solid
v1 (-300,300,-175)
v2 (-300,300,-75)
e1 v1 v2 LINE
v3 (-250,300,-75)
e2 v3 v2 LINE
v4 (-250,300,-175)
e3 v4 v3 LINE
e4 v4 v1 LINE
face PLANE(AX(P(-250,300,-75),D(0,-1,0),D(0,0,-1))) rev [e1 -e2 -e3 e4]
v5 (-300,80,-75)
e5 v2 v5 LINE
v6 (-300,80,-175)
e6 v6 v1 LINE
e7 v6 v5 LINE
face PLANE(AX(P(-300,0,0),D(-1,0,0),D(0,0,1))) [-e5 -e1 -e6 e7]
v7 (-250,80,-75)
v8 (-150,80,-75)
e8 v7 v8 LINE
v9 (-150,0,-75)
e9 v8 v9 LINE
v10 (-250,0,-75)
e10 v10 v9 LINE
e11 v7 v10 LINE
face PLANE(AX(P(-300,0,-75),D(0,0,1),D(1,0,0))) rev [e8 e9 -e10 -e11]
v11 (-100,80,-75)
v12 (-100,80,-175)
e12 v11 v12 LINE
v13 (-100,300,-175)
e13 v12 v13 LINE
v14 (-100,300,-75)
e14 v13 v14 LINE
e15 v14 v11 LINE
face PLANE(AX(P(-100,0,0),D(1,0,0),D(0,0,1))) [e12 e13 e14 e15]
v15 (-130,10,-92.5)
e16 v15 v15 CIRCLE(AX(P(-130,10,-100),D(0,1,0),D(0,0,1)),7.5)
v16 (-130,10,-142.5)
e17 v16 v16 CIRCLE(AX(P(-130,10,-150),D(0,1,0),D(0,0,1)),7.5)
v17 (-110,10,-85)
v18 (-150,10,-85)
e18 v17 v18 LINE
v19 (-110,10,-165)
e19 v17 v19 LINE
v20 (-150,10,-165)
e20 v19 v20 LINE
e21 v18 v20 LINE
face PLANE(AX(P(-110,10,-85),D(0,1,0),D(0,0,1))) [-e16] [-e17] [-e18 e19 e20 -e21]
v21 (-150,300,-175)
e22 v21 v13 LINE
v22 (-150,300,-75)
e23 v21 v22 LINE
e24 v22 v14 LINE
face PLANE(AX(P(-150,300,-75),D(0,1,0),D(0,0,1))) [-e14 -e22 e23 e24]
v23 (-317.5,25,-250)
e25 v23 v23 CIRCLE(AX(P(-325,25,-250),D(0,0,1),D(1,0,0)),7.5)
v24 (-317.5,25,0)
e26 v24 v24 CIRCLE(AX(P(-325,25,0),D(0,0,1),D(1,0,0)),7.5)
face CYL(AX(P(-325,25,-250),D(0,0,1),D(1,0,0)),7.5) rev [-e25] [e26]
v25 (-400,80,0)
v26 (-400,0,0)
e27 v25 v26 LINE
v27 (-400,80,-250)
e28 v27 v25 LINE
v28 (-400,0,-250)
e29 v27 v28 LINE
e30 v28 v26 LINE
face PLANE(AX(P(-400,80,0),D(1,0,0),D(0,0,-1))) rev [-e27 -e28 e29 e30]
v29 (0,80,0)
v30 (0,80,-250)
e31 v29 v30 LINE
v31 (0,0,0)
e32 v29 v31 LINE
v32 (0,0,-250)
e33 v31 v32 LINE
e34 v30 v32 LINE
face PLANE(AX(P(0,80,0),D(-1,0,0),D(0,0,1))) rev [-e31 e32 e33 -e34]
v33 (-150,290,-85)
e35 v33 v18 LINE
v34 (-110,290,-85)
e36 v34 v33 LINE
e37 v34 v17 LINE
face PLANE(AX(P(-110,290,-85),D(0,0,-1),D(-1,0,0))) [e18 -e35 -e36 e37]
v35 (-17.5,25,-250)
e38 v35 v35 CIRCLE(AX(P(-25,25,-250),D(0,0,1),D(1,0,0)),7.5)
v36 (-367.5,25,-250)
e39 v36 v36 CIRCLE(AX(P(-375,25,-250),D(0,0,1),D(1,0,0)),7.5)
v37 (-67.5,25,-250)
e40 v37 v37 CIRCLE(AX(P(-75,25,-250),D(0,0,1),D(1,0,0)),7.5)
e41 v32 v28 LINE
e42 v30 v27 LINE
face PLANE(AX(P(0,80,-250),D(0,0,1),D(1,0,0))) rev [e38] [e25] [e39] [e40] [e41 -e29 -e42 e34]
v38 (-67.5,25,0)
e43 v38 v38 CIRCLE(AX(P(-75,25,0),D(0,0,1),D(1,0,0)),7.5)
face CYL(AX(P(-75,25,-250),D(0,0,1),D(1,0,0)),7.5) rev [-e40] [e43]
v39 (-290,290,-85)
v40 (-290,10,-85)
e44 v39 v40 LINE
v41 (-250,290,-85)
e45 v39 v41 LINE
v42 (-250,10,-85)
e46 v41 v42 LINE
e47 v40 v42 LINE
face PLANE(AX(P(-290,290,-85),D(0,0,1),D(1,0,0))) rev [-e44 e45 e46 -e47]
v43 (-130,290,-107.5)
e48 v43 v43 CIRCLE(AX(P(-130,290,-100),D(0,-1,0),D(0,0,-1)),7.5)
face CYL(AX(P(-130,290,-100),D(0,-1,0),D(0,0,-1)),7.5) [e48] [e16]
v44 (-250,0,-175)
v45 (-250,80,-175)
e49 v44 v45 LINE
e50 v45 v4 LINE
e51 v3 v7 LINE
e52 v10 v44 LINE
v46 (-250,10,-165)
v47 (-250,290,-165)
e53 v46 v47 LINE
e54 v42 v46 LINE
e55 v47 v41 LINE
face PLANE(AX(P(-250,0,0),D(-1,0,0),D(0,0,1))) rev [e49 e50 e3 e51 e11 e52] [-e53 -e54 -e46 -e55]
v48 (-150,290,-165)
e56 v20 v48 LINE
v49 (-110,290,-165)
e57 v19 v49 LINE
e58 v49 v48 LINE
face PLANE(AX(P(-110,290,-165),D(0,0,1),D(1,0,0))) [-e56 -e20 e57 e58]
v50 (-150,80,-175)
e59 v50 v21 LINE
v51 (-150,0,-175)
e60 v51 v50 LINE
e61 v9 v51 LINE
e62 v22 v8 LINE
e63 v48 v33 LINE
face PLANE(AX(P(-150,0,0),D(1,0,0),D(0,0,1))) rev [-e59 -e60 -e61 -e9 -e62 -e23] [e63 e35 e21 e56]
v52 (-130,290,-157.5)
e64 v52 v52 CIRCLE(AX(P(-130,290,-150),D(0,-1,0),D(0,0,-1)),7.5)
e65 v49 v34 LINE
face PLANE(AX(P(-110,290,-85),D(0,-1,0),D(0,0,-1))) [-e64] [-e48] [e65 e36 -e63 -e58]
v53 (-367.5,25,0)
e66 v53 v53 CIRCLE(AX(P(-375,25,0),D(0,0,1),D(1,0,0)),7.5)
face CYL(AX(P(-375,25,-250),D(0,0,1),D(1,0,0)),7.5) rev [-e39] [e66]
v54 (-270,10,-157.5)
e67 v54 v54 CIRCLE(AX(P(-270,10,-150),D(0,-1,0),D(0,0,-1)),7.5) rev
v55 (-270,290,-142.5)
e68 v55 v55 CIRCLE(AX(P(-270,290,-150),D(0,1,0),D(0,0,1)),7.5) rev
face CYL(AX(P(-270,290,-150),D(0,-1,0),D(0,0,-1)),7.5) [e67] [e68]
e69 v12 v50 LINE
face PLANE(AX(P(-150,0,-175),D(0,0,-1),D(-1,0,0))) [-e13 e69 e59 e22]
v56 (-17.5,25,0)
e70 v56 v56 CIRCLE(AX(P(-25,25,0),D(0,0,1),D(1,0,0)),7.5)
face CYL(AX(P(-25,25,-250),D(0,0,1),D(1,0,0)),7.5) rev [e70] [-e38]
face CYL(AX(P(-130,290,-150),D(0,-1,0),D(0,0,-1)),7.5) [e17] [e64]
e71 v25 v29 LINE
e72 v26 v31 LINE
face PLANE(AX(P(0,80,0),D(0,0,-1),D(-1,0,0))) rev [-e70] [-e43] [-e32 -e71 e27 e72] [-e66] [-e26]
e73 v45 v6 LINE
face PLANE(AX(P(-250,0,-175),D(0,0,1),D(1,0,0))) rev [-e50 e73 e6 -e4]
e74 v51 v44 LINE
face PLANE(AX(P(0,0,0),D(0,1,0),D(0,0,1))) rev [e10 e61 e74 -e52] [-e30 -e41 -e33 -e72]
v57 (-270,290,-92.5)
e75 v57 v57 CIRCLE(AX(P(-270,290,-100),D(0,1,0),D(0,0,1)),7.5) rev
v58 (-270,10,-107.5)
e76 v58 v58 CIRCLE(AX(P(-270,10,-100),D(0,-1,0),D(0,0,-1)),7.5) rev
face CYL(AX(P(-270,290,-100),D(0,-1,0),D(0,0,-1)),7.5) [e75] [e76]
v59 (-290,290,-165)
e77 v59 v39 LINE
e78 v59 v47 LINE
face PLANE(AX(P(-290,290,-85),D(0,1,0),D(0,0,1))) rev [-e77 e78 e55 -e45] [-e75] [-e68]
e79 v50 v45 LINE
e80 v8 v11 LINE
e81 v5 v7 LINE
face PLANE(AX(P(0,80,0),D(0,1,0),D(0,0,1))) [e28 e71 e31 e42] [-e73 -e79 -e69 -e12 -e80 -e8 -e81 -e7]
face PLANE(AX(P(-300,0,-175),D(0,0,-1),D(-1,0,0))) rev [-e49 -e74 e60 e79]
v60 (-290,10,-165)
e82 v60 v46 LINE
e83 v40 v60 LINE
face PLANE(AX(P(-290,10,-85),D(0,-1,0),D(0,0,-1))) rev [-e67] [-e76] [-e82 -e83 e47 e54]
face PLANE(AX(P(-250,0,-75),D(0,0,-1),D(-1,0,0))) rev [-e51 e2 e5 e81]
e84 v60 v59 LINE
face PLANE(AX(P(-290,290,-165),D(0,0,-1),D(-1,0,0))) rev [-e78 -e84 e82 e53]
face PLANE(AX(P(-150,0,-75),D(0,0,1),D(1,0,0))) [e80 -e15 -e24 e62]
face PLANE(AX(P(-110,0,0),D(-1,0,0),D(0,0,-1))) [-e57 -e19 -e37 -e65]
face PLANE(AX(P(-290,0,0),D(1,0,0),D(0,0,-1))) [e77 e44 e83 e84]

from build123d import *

# Parameters (mm, degrees)
SKETCH1_W           = 400
SKETCH1_H           = 250
BOSS_EXTRUDE1_DEPTH = 80
SKETCH2_R           = 7.5
CUT_EXTRUDE1_DEPTH  = 479.434948556
SKETCH5_W           = 200
SKETCH5_H           = 100
CUT_EXTRUDE2_DEPTH  = 479.434948556
SKETCH8_W           = 100
SKETCH8_H           = 300
BOSS_EXTRUDE2_DEPTH = 50
SKETCH9_W           = 80
SKETCH9_H           = 280
CUT_EXTRUDE3_DEPTH  = 40
SKETCH10_R          = 7.5
BOSS_EXTRUDE3_DEPTH = 280


with BuildPart() as part:
    # Sketch1 → Boss-Extrude1 (new body)
    with BuildSketch(Plane(origin=(0, 0, 0), x_dir=(1, 0, 0), z_dir=(0, 1, 0))):
        with Locations((-200, 125)):
            Rectangle(SKETCH1_W, SKETCH1_H)
    extrude(amount=BOSS_EXTRUDE1_DEPTH)

    # Sketch2 → Cut-Extrude1 (cut, through all)
    with BuildSketch(Plane.XY):
        with Locations((-375, 25)):
            Circle(SKETCH2_R)
        with Locations((-325, 25)):
            Circle(SKETCH2_R)
        with Locations((-75, 25)):
            Circle(SKETCH2_R)
        with Locations((-25, 25)):
            Circle(SKETCH2_R)
    extrude(amount=-CUT_EXTRUDE1_DEPTH, mode=Mode.SUBTRACT)

    # Sketch5 → Cut-Extrude2 (cut, through all)
    with BuildSketch(Plane(origin=(0, 80, 0), x_dir=(1, 0, 0), z_dir=(0, 1, 0))):
        with Locations((-200, 125)):
            Rectangle(SKETCH5_W, SKETCH5_H)
    extrude(amount=-CUT_EXTRUDE2_DEPTH, mode=Mode.SUBTRACT)

    # Sketch8 → Boss-Extrude2 (add)
    with BuildSketch(Plane(origin=(-300, 0, 0), x_dir=(0, 0, -1), z_dir=(1, 0, 0))):
        with Locations((125, 150)):
            Rectangle(SKETCH8_W, SKETCH8_H)
    boss_extrude2 = extrude(amount=BOSS_EXTRUDE2_DEPTH)

    # Sketch9 → Cut-Extrude3 (cut)
    with BuildSketch(Plane(origin=(-250, 0, 0), x_dir=(0, 0, -1), z_dir=(1, 0, 0))):
        with Locations((125, 150)):
            Rectangle(SKETCH9_W, SKETCH9_H)
    cut_extrude3 = extrude(amount=-CUT_EXTRUDE3_DEPTH, mode=Mode.SUBTRACT)

    # Mirror1: Boss-Extrude2, Cut-Extrude3 across plane
    add(boss_extrude2.mirror(Plane.ZY.offset(200)))
    add(cut_extrude3.mirror(Plane.ZY.offset(200)), mode=Mode.SUBTRACT)

    # Sketch10 → Boss-Extrude3 (add)
    with BuildSketch(Plane(origin=(0, 10, 0), x_dir=(1, 0, 0), z_dir=(0, 1, 0))):
        with Locations(Location((-270, 150, 0), (0, 0, 90))):
            Circle(SKETCH10_R)
        with Locations(Location((-270, 100, 0), (0, 0, 90))):
            Circle(SKETCH10_R)
    boss_extrude3 = extrude(amount=BOSS_EXTRUDE3_DEPTH)

    # Mirror2: Boss-Extrude3 across plane
    add(boss_extrude3.mirror(Plane.ZY.offset(200)))


solid = part.part
